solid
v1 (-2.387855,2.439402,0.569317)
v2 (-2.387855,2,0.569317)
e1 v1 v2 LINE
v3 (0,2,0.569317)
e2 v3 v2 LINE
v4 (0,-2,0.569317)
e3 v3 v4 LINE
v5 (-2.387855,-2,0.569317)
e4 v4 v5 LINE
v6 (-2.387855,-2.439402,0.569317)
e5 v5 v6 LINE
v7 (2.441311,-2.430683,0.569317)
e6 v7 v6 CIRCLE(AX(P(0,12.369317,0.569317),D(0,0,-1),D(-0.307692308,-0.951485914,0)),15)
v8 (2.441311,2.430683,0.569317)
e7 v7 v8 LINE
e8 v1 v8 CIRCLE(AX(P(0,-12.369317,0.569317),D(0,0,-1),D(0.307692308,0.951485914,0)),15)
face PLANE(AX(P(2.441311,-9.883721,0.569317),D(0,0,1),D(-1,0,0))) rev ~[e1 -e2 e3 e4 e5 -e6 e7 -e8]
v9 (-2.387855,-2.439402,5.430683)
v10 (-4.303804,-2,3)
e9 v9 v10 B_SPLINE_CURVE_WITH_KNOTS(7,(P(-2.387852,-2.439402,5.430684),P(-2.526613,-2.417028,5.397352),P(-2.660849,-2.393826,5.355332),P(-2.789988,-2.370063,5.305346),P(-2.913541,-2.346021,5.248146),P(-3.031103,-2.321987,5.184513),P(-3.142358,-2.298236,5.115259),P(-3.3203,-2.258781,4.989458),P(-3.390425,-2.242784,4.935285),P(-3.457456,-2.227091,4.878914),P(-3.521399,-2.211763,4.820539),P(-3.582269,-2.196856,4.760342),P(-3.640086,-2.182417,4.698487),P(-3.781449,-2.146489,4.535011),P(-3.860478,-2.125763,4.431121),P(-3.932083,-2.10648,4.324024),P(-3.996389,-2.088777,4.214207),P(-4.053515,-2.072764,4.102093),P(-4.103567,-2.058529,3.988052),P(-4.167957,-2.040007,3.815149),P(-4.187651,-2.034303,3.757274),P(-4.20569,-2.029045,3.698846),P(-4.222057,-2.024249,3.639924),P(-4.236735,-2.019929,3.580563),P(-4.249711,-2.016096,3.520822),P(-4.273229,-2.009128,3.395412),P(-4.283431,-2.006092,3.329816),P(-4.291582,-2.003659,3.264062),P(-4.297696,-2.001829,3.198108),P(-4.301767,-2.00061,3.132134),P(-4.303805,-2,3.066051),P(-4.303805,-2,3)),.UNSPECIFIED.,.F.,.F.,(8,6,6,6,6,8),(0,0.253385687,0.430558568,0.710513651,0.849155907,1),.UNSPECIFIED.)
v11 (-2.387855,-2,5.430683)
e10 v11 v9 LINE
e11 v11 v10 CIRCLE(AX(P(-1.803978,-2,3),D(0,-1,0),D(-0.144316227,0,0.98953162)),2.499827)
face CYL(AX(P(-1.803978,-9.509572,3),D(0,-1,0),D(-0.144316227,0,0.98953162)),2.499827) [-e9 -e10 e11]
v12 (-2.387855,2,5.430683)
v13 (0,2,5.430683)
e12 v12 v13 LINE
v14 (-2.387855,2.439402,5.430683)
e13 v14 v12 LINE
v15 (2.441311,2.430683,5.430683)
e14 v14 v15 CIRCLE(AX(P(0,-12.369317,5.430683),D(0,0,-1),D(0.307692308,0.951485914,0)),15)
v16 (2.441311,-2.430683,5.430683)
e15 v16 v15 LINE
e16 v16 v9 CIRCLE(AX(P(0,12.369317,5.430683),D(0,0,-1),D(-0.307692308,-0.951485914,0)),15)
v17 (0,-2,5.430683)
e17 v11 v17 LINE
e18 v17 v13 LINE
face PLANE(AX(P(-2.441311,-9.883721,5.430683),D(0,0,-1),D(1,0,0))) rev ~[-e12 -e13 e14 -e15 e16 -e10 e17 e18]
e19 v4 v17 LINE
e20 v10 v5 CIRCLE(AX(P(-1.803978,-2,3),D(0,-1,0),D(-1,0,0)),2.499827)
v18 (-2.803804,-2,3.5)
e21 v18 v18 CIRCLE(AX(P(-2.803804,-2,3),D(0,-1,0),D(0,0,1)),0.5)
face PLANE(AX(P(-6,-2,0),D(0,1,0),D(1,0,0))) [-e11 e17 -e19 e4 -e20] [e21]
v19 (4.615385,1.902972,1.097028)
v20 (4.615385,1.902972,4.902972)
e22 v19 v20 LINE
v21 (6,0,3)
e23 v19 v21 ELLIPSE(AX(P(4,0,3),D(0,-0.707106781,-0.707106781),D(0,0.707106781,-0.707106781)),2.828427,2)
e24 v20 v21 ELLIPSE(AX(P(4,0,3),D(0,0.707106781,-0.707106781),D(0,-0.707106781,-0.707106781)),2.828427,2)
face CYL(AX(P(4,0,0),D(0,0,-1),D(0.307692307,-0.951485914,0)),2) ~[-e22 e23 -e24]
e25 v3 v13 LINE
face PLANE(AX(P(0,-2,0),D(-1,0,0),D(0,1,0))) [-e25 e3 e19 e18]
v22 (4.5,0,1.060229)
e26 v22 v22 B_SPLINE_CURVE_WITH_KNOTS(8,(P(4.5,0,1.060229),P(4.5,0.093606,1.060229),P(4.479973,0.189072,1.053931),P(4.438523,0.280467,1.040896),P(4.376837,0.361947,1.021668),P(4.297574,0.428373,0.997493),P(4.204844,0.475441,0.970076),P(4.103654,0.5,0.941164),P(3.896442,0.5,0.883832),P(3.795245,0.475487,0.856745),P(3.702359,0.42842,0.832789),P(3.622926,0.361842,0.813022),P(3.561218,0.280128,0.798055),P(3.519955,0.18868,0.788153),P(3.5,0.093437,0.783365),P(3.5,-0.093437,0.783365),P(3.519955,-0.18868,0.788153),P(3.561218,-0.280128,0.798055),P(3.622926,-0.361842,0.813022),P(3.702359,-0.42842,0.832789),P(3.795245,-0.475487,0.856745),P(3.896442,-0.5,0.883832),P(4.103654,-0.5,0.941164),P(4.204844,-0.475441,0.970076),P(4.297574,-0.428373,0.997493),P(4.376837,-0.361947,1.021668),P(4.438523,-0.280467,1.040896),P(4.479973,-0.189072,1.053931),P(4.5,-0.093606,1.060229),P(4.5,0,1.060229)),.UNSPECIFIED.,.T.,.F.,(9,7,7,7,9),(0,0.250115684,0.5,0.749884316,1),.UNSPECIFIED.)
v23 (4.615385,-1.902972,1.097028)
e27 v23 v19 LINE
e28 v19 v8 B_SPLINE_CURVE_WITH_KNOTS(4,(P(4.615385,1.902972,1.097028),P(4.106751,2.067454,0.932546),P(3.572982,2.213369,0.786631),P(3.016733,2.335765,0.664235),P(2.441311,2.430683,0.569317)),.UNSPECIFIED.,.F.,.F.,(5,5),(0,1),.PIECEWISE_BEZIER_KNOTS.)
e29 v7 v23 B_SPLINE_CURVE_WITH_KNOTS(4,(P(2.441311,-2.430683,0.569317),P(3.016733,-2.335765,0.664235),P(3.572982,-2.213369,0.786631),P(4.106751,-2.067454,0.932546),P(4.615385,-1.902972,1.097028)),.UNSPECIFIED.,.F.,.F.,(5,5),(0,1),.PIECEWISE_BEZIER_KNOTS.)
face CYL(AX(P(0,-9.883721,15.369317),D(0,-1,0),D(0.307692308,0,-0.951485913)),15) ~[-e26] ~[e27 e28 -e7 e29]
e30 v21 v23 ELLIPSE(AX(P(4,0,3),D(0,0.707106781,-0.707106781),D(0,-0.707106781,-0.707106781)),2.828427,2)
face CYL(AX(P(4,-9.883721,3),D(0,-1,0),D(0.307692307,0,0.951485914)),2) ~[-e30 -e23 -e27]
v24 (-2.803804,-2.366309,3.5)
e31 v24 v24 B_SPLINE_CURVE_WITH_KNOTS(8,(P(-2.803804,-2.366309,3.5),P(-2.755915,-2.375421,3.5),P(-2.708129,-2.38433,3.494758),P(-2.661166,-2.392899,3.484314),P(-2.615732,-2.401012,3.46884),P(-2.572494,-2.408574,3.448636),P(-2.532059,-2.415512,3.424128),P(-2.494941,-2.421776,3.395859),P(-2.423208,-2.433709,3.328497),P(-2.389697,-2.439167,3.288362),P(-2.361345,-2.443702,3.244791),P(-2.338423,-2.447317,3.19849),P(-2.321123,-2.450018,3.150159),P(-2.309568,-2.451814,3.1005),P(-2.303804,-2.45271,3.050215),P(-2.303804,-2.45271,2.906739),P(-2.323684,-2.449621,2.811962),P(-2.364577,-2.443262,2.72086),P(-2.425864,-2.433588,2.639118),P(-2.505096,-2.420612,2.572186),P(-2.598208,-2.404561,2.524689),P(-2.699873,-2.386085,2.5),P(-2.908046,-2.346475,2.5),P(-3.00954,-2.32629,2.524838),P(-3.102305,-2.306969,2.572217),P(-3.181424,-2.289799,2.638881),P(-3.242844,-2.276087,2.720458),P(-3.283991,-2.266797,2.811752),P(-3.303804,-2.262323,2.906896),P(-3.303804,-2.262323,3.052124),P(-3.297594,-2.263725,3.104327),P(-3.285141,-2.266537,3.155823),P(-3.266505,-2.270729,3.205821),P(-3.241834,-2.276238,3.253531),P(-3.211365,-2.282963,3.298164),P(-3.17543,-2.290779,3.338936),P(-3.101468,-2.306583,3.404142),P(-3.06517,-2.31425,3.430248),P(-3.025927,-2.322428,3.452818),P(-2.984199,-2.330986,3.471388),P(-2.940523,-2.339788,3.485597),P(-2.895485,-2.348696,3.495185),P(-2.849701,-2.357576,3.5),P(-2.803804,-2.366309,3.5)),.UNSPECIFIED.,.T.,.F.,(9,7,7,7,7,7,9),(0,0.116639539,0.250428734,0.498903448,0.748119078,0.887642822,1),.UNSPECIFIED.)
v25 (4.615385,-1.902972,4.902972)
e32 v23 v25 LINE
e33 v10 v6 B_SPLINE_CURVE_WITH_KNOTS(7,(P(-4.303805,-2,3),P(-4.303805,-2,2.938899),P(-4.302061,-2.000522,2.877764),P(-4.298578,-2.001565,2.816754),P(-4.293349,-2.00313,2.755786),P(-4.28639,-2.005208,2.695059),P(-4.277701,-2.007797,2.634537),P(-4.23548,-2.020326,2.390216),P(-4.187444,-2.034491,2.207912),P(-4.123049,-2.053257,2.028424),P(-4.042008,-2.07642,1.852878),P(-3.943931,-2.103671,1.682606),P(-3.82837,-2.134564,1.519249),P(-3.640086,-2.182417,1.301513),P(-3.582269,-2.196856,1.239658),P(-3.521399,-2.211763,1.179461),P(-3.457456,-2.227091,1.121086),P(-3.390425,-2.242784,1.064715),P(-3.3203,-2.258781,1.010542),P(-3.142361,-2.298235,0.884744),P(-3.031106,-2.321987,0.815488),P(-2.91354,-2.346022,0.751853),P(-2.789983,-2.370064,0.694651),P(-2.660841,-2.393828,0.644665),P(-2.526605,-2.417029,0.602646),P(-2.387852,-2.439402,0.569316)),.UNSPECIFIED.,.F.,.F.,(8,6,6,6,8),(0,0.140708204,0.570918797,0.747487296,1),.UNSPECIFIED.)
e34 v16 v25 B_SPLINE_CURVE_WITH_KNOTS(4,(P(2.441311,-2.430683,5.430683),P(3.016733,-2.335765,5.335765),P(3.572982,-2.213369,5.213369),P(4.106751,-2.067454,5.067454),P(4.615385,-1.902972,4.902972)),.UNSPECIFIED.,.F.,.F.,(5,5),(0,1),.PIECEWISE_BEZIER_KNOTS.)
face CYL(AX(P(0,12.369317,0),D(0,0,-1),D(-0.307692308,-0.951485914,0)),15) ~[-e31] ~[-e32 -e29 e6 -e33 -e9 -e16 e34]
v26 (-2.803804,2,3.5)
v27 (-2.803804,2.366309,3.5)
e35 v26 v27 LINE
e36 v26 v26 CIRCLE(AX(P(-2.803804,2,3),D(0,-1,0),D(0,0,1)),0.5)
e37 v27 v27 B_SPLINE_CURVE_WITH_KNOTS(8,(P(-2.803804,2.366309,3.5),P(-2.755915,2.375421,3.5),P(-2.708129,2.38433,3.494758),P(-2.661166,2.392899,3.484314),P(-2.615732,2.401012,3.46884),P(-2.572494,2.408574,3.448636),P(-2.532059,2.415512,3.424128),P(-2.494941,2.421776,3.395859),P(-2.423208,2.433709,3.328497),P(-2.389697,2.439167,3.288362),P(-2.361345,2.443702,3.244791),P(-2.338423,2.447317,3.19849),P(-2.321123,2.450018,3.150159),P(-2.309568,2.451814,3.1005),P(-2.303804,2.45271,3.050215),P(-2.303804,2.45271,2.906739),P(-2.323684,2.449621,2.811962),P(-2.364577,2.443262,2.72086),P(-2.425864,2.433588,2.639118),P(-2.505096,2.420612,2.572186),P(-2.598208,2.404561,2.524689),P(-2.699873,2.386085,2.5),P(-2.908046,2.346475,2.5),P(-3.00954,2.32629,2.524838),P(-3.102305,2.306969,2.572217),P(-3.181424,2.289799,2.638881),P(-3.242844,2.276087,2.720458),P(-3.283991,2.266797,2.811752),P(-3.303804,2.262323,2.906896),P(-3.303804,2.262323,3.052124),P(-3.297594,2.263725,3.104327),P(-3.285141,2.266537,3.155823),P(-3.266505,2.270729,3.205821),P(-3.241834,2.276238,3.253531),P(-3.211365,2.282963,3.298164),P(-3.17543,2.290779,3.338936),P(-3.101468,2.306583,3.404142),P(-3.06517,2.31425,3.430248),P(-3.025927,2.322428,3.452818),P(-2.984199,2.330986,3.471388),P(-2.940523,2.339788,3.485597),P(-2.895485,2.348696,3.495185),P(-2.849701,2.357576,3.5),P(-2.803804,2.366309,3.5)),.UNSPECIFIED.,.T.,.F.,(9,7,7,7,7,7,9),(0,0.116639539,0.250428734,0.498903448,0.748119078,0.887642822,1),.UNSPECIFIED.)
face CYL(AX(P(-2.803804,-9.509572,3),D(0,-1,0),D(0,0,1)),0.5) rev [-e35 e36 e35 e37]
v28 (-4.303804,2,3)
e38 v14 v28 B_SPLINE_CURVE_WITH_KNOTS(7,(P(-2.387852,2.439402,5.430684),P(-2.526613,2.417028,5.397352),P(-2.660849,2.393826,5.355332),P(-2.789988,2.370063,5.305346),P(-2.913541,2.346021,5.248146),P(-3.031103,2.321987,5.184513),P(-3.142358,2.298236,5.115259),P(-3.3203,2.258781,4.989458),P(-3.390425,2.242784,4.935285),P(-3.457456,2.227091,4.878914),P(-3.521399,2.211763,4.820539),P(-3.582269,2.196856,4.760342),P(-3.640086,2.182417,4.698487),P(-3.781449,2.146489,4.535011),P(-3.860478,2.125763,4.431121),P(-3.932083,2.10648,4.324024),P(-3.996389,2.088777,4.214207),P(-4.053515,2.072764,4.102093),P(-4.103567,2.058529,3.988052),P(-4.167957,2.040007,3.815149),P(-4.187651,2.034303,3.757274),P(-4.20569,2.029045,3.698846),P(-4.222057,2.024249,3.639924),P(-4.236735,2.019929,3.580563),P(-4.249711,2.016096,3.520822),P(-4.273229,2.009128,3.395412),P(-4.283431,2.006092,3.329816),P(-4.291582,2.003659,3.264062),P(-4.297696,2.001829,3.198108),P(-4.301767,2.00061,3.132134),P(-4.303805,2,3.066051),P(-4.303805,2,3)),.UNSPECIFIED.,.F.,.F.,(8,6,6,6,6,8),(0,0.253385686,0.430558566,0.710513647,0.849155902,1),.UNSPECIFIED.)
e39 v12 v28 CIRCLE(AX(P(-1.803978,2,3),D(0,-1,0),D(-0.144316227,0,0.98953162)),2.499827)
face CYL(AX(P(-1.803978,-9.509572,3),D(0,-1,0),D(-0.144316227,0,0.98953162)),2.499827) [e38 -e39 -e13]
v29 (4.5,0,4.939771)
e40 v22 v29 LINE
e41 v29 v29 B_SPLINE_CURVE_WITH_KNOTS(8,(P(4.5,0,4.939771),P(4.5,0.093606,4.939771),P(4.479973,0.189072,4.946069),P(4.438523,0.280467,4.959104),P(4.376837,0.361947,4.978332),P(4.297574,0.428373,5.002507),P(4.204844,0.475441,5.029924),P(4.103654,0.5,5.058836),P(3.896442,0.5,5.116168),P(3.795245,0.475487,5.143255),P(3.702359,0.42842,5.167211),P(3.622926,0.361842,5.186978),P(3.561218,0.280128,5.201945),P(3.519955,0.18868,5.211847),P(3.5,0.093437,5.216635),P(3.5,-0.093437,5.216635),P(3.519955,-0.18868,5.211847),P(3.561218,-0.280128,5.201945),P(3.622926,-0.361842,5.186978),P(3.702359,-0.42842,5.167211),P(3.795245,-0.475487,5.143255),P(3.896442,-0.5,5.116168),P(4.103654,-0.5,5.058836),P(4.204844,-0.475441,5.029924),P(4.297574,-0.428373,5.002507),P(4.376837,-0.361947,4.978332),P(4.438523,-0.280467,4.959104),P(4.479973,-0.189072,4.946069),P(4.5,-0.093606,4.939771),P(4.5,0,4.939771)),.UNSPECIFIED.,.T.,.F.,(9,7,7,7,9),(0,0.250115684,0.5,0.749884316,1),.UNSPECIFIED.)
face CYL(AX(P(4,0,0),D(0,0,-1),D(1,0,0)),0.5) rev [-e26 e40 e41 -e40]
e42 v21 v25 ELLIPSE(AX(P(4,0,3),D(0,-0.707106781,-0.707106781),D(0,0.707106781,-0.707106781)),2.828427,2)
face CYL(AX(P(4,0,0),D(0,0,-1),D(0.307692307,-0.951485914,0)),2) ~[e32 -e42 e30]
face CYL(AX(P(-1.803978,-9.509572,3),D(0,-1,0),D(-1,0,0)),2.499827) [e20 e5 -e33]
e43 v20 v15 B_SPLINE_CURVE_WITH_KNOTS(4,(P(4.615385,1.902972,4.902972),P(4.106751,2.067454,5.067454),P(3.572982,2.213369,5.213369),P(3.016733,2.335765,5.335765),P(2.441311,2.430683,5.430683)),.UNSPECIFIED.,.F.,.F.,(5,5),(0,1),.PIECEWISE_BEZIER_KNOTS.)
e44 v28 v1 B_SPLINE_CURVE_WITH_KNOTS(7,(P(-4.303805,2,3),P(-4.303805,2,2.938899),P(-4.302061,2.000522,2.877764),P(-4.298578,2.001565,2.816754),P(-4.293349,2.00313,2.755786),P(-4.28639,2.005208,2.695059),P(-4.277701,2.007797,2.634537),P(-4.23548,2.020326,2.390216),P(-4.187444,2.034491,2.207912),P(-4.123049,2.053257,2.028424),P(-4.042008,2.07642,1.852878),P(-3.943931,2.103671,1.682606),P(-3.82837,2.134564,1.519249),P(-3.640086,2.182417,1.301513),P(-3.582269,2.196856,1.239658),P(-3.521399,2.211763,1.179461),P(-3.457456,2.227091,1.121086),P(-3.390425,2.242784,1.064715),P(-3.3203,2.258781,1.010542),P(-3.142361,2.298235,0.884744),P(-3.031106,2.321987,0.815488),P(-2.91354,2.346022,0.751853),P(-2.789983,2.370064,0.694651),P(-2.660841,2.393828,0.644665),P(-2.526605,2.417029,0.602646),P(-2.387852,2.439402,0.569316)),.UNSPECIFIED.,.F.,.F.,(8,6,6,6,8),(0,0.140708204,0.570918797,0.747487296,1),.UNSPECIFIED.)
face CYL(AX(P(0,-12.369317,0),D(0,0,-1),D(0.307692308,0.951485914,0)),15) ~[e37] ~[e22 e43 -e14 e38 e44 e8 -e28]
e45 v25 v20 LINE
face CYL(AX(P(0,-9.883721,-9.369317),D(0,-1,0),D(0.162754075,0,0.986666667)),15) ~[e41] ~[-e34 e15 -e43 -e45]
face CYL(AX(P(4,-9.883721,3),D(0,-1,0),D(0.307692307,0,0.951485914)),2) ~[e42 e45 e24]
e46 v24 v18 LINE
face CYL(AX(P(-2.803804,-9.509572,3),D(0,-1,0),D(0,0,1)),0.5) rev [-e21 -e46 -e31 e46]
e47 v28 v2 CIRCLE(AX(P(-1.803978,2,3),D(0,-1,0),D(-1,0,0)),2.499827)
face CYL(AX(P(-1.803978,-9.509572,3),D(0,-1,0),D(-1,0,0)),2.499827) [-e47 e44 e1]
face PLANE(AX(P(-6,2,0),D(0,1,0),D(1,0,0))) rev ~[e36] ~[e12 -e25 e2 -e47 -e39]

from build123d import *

# Parameters (mm, degrees)
CROQUIS1_R                 = 0.5
SALIENTE_EXTRUIR1_DEPTH    = 6
CORTAR_EXTRUIR6_DEPTH      = 9.883720712
CORTAR_EXTRUIR6_DEPTH_BACK = 9.883720712
CROQUIS3_W                 = 6
CROQUIS3_H                 = 4
CORTAR_EXTRUIR2_DEPTH      = 9.509571903
CORTAR_EXTRUIR7_DEPTH      = 9.509571903
CORTAR_EXTRUIR7_DEPTH_BACK = 9.509571903
CORTAR_EXTRUIR1_DEPTH      = 9.509571933
CORTAR_EXTRUIR1_DEPTH_BACK = 9.509571933
CROQUIS2_R                 = 0.5


with BuildPart() as part:
    # Croquis1 → Saliente-Extruir1 (new body)
    with BuildSketch(Plane.XY):
        with BuildLine():
            ThreePointArc((-4.615384615, 1.902971827), (-6, 0), (-4.615384615, -1.902971827))
            ThreePointArc((-4.615384615, -1.902971827), (0, -2.630683123), (4.615384615, -1.902971827))
            ThreePointArc((4.615384615, -1.902971827), (6, 0), (4.615384615, 1.902971827))
            ThreePointArc((4.615384615, 1.902971827), (0, 2.630683123), (-4.615384615, 1.902971827))
        make_face()
        with Locations((4, 0)):
            Circle(CROQUIS1_R, mode=Mode.SUBTRACT)
    extrude(amount=SALIENTE_EXTRUIR1_DEPTH)

    # Croquis7 → Cortar-Extruir6 (cut, two sides: drawn at the far end of the back side and taken through both)
    with BuildSketch(Plane(origin=(0, 0, 0), x_dir=(1, 0, 0), z_dir=(0, 1, 0)).offset(-CORTAR_EXTRUIR6_DEPTH_BACK)):
        Polygon((-6, 0), (6, 0), (6, -3), (6, -6), (-6, -6), (-6, -3), align=None)
        with BuildLine():
            Line((-2.441311123, -5.430683123), (2.441311123, -5.430683123))
            ThreePointArc((2.441311123, -5.430683123), (3.538199894, -5.207416005), (4.615384615, -4.902971827))
            ThreePointArc((4.615384615, -4.902971827), (6, -3), (4.615384615, -1.097028173))
            ThreePointArc((4.615384615, -1.097028173), (3.538199894, -0.792583995), (2.441311123, -0.569316877))
            Line((2.441311123, -0.569316877), (-2.441311123, -0.569316877))
            ThreePointArc((-2.441311123, -0.569316877), (-3.538199894, -0.792583995), (-4.615384615, -1.097028173))
            ThreePointArc((-4.615384615, -1.097028173), (-6, -3), (-4.615384615, -4.902971827))
            ThreePointArc((-4.615384615, -4.902971827), (-3.538199894, -5.207416005), (-2.441311123, -5.430683123))
        make_face(mode=Mode.SUBTRACT)
    extrude(amount=CORTAR_EXTRUIR6_DEPTH + CORTAR_EXTRUIR6_DEPTH_BACK, mode=Mode.SUBTRACT)

    # Croquis3 → Cortar-Extruir2 (cut, through all)
    with BuildSketch(Plane.XY):
        with Locations((-3, 0)):
            Rectangle(CROQUIS3_W, CROQUIS3_H)
    extrude(amount=CORTAR_EXTRUIR2_DEPTH, mode=Mode.SUBTRACT)

    # Croquis4 → Cortar-Extruir7 (cut, two sides: drawn at the far end of the back side and taken through both)
    with BuildSketch(Plane(origin=(0, 0, 0), x_dir=(1, 0, 0), z_dir=(0, 1, 0)).offset(-CORTAR_EXTRUIR7_DEPTH_BACK)):
        with BuildLine():
            ThreePointArc((-2.164743401, -0.526342579), (-3.242933174, -0.724065618), (-4.303804421, -1))
            Line((-4.303804421, -1), (-4.303804421, -3))
            ThreePointArc((-4.303804421, -3), (-3.694875017, -1.364872858), (-2.164743401, -0.526342579))
        make_face()
        with BuildLine():
            ThreePointArc((-2.164743401, -5.473657421), (-3.694875017, -4.635127142), (-4.303804421, -3))
            Line((-4.303804421, -3), (-4.303804421, -5))
            ThreePointArc((-4.303804421, -5), (-3.242933174, -5.275934382), (-2.164743401, -5.473657421))
        make_face()
    extrude(amount=CORTAR_EXTRUIR7_DEPTH + CORTAR_EXTRUIR7_DEPTH_BACK, mode=Mode.SUBTRACT)

    # Croquis2 → Cortar-Extruir1 (cut, two sides: drawn at the far end of the back side and taken through both)
    with BuildSketch(Plane(origin=(0, 0, 0), x_dir=(1, 0, 0), z_dir=(0, 1, 0)).offset(-CORTAR_EXTRUIR1_DEPTH_BACK)):
        with Locations(Location((-2.803804421, -3, 0), (0, 0, 270))):
            Circle(CROQUIS2_R)
    extrude(amount=CORTAR_EXTRUIR1_DEPTH + CORTAR_EXTRUIR1_DEPTH_BACK, mode=Mode.SUBTRACT)


solid = part.part
